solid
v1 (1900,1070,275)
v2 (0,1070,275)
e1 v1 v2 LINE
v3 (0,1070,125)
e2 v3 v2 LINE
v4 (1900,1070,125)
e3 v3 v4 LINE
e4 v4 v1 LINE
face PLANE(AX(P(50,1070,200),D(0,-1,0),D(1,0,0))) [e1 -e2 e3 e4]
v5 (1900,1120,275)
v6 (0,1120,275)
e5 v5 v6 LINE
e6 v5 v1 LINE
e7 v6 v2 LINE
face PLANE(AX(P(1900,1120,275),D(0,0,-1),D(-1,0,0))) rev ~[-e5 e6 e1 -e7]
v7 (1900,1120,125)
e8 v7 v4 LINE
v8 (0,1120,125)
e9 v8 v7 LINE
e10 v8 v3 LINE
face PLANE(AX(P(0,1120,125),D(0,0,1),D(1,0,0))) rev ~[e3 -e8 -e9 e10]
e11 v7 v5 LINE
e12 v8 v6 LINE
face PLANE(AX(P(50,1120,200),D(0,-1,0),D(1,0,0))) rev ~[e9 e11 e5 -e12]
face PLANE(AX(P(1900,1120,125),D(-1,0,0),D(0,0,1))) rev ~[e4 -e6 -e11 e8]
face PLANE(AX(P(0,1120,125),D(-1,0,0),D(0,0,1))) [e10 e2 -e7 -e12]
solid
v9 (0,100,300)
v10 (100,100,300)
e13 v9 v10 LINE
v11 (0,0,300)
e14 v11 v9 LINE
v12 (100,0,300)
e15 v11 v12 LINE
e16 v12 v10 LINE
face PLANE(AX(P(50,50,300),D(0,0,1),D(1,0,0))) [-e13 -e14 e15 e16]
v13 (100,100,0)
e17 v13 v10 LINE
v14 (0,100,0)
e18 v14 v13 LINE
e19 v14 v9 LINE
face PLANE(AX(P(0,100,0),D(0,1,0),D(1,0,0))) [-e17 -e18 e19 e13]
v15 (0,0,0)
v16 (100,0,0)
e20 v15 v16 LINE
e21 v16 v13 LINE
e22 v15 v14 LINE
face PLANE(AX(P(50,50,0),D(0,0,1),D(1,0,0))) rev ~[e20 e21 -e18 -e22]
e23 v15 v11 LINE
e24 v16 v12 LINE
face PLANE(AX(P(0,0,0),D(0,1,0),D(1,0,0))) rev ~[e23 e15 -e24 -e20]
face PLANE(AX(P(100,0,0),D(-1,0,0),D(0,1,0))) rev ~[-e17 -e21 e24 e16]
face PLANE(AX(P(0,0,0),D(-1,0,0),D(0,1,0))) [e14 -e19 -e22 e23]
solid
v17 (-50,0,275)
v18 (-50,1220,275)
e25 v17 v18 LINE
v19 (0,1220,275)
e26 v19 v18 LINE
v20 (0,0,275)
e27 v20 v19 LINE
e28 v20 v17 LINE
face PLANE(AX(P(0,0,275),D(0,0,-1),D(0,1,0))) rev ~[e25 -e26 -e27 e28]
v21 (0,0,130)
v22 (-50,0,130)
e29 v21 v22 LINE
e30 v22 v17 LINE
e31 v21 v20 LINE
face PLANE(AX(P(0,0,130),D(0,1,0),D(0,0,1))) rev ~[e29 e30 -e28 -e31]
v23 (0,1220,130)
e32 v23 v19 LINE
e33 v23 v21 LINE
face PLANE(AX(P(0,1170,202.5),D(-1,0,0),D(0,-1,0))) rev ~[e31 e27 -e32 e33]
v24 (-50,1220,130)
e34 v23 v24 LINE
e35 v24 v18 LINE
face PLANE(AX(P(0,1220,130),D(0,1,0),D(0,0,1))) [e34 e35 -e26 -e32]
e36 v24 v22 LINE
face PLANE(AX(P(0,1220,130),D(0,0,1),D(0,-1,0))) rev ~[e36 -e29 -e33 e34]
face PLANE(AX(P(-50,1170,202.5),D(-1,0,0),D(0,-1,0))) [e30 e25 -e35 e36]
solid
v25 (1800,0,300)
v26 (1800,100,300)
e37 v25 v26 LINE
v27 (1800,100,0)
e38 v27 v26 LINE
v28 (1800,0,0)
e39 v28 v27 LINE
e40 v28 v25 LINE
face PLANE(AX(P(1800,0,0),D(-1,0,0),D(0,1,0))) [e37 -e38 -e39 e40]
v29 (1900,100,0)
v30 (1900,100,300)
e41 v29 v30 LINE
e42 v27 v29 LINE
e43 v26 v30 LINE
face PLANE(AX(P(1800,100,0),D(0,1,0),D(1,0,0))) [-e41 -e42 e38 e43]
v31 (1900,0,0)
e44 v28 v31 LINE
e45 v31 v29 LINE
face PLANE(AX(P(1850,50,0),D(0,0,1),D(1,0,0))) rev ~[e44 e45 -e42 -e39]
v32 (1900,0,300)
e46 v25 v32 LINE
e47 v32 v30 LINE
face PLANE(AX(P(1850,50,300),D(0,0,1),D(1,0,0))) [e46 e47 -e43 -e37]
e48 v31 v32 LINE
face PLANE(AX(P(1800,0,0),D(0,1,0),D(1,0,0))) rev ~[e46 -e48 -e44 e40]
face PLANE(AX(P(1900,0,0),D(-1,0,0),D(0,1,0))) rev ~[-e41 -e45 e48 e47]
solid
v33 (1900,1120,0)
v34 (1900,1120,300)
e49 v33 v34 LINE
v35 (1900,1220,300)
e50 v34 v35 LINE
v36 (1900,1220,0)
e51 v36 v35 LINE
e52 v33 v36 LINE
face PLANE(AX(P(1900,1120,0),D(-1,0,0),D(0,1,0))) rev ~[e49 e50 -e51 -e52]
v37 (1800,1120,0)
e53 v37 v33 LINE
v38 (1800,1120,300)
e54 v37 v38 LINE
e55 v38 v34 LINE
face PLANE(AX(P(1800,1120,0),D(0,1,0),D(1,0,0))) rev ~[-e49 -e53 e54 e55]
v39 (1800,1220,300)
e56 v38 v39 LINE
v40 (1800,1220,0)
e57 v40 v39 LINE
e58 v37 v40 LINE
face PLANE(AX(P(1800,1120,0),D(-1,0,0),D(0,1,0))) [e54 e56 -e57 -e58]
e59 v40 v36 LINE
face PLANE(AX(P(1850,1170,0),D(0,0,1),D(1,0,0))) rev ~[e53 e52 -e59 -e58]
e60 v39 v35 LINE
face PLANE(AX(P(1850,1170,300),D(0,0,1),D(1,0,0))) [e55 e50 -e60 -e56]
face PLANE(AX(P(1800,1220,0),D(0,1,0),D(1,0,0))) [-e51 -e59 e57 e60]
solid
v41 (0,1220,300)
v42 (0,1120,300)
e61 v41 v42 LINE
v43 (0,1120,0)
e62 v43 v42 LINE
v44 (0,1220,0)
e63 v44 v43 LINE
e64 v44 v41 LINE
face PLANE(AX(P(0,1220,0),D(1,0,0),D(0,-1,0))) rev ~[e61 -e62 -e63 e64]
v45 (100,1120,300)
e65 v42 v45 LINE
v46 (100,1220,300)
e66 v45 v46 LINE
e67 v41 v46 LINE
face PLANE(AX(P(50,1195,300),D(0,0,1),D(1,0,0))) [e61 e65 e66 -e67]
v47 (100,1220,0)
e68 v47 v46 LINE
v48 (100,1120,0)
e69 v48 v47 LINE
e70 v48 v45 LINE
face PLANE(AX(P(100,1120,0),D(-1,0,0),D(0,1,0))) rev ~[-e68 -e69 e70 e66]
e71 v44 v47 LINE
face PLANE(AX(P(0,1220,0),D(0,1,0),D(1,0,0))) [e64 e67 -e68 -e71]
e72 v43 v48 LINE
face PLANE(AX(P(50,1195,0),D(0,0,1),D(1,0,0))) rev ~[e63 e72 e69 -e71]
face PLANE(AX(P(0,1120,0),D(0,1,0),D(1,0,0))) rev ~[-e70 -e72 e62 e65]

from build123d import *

# Parameters (mm, degrees)
F0_W     = 100
F0_H     = 50
F0_H_2   = 100
F1_DEPTH = 300
F2_W     = 100
F2_H     = 150
F2_W_2   = 1800
F3_DEPTH = 50
F4_W     = 100
F4_H     = 145
F4_W_2   = 1120
F5_DEPTH = 50


with BuildPart() as f1:
    # F0 (on Top) → F1 (new body)
    with BuildSketch(Plane.XY):
        with Locations((50, 1195)):
            Rectangle(F0_W, F0_H)
        with Locations((50, 1145)):
            Rectangle(F0_W, F0_H)
        with Locations((50, 50)):
            Rectangle(F0_W, F0_H_2)
        with Locations((1850, 1170)):
            Rectangle(F0_W, F0_H_2)
        with Locations((1850, 50)):
            Rectangle(F0_W, F0_H_2)
    extrude(amount=F1_DEPTH)


with BuildPart() as f3:
    # F2 (on face) → F3 (new body)
    with BuildSketch(Plane.XZ.offset(-1120)):
        with Locations((50, 200)):
            Rectangle(F2_W, F2_H)
        with Locations((1000, 200)):
            Rectangle(F2_W_2, F2_H)
    extrude(amount=F3_DEPTH)


with BuildPart() as f5:
    # F4 (on face) → F5 (new body)
    with BuildSketch(Plane(origin=(0, 0, 0), x_dir=(0, -1, 0), z_dir=(-1, 0, 0))):
        with Locations((-1170, 202.5)):
            Rectangle(F4_W, F4_H)
        with Locations((-560, 202.5)):
            Rectangle(F4_W_2, F4_H)
    extrude(amount=F5_DEPTH)


solid = Compound([f1.part, f3.part, f5.part])
